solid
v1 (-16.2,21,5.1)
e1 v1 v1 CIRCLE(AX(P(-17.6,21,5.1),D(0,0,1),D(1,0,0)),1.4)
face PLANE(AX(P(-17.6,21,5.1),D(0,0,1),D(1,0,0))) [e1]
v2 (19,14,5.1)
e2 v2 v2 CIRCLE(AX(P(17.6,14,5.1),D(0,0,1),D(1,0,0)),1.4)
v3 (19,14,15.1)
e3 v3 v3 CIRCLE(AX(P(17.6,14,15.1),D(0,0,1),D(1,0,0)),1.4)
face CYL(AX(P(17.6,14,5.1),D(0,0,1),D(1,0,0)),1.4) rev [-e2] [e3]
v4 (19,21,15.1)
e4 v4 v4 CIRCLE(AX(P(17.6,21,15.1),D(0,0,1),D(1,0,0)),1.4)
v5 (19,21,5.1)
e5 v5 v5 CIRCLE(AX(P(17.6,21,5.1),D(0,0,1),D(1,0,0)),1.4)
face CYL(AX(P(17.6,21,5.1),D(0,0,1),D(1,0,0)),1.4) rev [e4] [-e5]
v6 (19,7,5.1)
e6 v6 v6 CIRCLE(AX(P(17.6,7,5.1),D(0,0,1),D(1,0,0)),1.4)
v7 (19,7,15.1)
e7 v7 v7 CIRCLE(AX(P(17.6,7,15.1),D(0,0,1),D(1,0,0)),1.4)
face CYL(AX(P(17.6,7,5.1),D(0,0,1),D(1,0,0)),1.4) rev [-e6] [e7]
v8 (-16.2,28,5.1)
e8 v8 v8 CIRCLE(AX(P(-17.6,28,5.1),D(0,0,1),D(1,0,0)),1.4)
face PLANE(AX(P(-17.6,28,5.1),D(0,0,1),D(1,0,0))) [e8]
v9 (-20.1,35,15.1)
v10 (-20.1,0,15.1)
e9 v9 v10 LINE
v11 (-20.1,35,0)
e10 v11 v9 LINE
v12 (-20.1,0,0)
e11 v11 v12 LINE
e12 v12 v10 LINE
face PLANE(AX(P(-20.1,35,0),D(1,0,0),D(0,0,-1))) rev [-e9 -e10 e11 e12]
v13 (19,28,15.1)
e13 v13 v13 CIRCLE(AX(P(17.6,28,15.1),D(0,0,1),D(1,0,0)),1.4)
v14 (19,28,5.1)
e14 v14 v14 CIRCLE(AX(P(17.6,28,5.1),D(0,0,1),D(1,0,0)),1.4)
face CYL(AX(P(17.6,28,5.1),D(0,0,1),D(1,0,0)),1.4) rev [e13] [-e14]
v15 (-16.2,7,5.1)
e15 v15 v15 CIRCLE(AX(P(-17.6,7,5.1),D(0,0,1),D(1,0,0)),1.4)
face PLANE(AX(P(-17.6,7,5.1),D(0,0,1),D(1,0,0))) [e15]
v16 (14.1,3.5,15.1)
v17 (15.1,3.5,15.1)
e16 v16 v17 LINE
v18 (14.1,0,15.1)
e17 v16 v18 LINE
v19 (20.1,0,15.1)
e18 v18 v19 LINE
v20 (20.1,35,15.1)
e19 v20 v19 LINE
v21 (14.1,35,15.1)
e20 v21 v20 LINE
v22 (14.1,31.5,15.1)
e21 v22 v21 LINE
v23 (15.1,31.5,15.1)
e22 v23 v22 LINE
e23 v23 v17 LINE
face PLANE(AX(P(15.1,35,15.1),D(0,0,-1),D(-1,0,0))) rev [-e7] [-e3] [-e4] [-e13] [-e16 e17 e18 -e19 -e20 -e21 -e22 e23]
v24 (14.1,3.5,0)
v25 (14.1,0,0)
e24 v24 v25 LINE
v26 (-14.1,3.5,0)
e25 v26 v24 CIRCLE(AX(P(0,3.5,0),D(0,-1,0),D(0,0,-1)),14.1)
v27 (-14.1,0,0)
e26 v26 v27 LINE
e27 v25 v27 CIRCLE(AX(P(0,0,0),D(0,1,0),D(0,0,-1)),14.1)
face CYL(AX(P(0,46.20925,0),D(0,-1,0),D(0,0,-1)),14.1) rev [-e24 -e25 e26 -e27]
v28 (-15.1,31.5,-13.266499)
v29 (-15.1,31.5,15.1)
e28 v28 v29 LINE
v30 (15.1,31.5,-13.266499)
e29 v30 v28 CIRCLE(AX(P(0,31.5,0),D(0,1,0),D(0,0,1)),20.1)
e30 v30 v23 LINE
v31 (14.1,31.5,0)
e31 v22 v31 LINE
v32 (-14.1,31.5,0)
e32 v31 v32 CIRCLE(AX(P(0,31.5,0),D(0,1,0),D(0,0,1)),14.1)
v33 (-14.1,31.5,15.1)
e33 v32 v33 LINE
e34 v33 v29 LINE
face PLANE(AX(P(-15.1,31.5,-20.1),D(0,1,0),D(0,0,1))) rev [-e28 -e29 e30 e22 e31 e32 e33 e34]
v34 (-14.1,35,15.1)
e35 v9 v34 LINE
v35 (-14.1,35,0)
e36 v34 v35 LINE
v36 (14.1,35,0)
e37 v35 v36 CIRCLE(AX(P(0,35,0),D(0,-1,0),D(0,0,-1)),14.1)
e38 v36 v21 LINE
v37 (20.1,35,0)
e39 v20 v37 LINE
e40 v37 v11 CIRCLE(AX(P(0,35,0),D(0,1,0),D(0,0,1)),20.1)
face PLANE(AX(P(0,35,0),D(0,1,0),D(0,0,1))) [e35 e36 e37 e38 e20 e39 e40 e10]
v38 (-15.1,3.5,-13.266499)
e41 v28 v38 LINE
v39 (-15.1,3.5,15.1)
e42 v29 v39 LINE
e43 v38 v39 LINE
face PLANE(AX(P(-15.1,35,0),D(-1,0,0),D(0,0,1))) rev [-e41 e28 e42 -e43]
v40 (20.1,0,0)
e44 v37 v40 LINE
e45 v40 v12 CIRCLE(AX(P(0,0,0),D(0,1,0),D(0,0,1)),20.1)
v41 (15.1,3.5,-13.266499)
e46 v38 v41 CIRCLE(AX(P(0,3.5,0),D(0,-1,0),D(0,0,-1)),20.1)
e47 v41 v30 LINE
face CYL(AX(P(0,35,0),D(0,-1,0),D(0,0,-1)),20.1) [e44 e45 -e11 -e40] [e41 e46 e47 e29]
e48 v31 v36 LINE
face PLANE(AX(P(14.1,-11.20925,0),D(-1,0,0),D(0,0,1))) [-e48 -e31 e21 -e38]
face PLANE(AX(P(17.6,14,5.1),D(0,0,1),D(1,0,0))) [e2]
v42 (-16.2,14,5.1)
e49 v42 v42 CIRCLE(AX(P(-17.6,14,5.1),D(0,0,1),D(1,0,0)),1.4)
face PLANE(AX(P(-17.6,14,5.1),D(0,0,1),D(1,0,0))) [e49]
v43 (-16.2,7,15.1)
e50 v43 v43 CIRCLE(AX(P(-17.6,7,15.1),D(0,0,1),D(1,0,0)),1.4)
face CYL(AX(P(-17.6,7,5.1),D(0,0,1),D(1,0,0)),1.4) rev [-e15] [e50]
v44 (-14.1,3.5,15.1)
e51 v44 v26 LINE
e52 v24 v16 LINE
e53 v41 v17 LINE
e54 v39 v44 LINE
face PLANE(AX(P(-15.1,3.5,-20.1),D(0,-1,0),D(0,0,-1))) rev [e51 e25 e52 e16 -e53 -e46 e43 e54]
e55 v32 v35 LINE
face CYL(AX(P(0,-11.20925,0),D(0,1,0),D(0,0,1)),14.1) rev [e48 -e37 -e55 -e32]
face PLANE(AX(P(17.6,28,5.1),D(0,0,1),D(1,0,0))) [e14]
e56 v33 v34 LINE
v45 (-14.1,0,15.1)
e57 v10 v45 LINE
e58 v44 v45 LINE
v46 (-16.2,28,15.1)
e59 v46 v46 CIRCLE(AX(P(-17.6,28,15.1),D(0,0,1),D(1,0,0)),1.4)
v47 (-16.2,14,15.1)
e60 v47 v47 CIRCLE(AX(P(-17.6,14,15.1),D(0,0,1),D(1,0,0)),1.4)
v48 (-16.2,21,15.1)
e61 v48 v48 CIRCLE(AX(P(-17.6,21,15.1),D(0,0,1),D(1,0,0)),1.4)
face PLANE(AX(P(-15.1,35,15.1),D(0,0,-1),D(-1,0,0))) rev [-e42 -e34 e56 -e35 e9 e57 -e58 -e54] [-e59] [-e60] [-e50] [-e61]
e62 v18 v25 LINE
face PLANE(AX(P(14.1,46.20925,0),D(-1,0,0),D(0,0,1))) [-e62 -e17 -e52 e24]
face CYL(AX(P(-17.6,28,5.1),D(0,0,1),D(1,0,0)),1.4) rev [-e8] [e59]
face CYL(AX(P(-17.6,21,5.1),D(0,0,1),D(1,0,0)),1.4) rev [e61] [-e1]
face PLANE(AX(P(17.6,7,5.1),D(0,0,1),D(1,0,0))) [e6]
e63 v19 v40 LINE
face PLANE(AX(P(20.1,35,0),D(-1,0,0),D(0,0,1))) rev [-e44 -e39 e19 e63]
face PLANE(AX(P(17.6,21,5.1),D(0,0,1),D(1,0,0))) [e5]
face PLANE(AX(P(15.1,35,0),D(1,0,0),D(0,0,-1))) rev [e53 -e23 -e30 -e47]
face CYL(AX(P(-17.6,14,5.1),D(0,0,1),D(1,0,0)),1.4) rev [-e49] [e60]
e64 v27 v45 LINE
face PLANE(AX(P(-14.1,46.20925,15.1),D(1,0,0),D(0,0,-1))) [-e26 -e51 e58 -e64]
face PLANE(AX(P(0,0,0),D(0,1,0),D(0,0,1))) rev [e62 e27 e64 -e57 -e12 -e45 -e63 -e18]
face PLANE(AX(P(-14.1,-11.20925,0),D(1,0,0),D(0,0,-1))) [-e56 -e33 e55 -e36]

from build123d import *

# Parameters (mm, degrees)
BOSS_EXTRUDE1_DEPTH = 35
SKETCH2_W           = 30.2
SKETCH2_H           = 28
CUT_EXTRUDE1_DEPTH  = 54.554178175
BOSS_EXTRUDE2_START = -3.5
BOSS_EXTRUDE2_DEPTH = 3.5
BOSS_EXTRUDE3_DEPTH = 3.5
SKETCH6_R           = 1.4
CUT_EXTRUDE3_DEPTH  = 10


with BuildPart() as part:
    # Sketch1 → Boss-Extrude1 (new body)
    with BuildSketch(Plane(origin=(0, 0, 0), x_dir=(1, 0, 0), z_dir=(0, 1, 0))):
        with BuildLine():
            Line((15.1, 0), (15.1, -15.1))
            Line((15.1, -15.1), (20.1, -15.1))
            Line((20.1, -15.1), (20.1, 0))
            ThreePointArc((20.1, 0), (0, 20.1), (-20.1, 0))
            Line((-20.1, 0), (-20.1, -15.1))
            Line((-20.1, -15.1), (-15.1, -15.1))
            Line((-15.1, -15.1), (-15.1, 0))
            ThreePointArc((-15.1, 0), (0, 15.1), (15.1, 0))
        make_face()
    extrude(amount=BOSS_EXTRUDE1_DEPTH)

    # Sketch2 → Cut-Extrude1 (cut, through all)
    with BuildSketch(Plane.XY.offset(15.1)):
        with Locations((0, 17.5)):
            Rectangle(SKETCH2_W, SKETCH2_H)
    extrude(amount=-CUT_EXTRUDE1_DEPTH, mode=Mode.SUBTRACT)

    # Sketch3 → Boss-Extrude2 (add)
    with BuildSketch(Plane(origin=(0, 35, 0), x_dir=(1, 0, 0), z_dir=(0, 1, 0)).offset(BOSS_EXTRUDE2_START)):
        with BuildLine():
            Line((-15.1, 0), (-15.1, -15.1))
            Line((-15.1, -15.1), (-14.1, -15.1))
            Line((-14.1, -15.1), (-14.1, 0))
            ThreePointArc((-14.1, 0), (0, 14.1), (14.1, 0))
            Line((14.1, 0), (14.1, -15.1))
            Line((14.1, -15.1), (15.1, -15.1))
            Line((15.1, -15.1), (15.1, 0))
            ThreePointArc((15.1, 0), (0, 15.1), (-15.1, 0))
        make_face()
    extrude(amount=BOSS_EXTRUDE2_DEPTH)

    # Sketch4 → Boss-Extrude3 (add)
    with BuildSketch(Plane(origin=(0, 0, 0), x_dir=(-1, 0, 0), z_dir=(0, -1, 0))):
        with BuildLine():
            Line((15.1, 0), (15.1, -15.1))
            Line((15.1, -15.1), (14.1, -15.1))
            Line((14.1, -15.1), (14.1, 0))
            ThreePointArc((14.1, 0), (0, 14.1), (-14.1, 0))
            Line((-14.1, 0), (-14.1, -15.1))
            Line((-14.1, -15.1), (-15.1, -15.1))
            Line((-15.1, -15.1), (-15.1, 0))
            ThreePointArc((-15.1, 0), (0, 15.1), (15.1, 0))
        make_face()
    extrude(amount=-BOSS_EXTRUDE3_DEPTH)

    # Sketch6 → Cut-Extrude3 (cut)
    with BuildSketch(Plane.XY.offset(15.1)):
        with Locations((-17.6, 28)):
            Circle(SKETCH6_R)
        with Locations((17.6, 28)):
            Circle(SKETCH6_R)
        with Locations((17.6, 21)):
            Circle(SKETCH6_R)
        with Locations((17.6, 14)):
            Circle(SKETCH6_R)
        with Locations((17.6, 7)):
            Circle(SKETCH6_R)
        with Locations((-17.6, 21)):
            Circle(SKETCH6_R)
        with Locations((-17.6, 14)):
            Circle(SKETCH6_R)
        with Locations((-17.6, 7)):
            Circle(SKETCH6_R)
    extrude(amount=-CUT_EXTRUDE3_DEPTH, mode=Mode.SUBTRACT)


solid = part.part
